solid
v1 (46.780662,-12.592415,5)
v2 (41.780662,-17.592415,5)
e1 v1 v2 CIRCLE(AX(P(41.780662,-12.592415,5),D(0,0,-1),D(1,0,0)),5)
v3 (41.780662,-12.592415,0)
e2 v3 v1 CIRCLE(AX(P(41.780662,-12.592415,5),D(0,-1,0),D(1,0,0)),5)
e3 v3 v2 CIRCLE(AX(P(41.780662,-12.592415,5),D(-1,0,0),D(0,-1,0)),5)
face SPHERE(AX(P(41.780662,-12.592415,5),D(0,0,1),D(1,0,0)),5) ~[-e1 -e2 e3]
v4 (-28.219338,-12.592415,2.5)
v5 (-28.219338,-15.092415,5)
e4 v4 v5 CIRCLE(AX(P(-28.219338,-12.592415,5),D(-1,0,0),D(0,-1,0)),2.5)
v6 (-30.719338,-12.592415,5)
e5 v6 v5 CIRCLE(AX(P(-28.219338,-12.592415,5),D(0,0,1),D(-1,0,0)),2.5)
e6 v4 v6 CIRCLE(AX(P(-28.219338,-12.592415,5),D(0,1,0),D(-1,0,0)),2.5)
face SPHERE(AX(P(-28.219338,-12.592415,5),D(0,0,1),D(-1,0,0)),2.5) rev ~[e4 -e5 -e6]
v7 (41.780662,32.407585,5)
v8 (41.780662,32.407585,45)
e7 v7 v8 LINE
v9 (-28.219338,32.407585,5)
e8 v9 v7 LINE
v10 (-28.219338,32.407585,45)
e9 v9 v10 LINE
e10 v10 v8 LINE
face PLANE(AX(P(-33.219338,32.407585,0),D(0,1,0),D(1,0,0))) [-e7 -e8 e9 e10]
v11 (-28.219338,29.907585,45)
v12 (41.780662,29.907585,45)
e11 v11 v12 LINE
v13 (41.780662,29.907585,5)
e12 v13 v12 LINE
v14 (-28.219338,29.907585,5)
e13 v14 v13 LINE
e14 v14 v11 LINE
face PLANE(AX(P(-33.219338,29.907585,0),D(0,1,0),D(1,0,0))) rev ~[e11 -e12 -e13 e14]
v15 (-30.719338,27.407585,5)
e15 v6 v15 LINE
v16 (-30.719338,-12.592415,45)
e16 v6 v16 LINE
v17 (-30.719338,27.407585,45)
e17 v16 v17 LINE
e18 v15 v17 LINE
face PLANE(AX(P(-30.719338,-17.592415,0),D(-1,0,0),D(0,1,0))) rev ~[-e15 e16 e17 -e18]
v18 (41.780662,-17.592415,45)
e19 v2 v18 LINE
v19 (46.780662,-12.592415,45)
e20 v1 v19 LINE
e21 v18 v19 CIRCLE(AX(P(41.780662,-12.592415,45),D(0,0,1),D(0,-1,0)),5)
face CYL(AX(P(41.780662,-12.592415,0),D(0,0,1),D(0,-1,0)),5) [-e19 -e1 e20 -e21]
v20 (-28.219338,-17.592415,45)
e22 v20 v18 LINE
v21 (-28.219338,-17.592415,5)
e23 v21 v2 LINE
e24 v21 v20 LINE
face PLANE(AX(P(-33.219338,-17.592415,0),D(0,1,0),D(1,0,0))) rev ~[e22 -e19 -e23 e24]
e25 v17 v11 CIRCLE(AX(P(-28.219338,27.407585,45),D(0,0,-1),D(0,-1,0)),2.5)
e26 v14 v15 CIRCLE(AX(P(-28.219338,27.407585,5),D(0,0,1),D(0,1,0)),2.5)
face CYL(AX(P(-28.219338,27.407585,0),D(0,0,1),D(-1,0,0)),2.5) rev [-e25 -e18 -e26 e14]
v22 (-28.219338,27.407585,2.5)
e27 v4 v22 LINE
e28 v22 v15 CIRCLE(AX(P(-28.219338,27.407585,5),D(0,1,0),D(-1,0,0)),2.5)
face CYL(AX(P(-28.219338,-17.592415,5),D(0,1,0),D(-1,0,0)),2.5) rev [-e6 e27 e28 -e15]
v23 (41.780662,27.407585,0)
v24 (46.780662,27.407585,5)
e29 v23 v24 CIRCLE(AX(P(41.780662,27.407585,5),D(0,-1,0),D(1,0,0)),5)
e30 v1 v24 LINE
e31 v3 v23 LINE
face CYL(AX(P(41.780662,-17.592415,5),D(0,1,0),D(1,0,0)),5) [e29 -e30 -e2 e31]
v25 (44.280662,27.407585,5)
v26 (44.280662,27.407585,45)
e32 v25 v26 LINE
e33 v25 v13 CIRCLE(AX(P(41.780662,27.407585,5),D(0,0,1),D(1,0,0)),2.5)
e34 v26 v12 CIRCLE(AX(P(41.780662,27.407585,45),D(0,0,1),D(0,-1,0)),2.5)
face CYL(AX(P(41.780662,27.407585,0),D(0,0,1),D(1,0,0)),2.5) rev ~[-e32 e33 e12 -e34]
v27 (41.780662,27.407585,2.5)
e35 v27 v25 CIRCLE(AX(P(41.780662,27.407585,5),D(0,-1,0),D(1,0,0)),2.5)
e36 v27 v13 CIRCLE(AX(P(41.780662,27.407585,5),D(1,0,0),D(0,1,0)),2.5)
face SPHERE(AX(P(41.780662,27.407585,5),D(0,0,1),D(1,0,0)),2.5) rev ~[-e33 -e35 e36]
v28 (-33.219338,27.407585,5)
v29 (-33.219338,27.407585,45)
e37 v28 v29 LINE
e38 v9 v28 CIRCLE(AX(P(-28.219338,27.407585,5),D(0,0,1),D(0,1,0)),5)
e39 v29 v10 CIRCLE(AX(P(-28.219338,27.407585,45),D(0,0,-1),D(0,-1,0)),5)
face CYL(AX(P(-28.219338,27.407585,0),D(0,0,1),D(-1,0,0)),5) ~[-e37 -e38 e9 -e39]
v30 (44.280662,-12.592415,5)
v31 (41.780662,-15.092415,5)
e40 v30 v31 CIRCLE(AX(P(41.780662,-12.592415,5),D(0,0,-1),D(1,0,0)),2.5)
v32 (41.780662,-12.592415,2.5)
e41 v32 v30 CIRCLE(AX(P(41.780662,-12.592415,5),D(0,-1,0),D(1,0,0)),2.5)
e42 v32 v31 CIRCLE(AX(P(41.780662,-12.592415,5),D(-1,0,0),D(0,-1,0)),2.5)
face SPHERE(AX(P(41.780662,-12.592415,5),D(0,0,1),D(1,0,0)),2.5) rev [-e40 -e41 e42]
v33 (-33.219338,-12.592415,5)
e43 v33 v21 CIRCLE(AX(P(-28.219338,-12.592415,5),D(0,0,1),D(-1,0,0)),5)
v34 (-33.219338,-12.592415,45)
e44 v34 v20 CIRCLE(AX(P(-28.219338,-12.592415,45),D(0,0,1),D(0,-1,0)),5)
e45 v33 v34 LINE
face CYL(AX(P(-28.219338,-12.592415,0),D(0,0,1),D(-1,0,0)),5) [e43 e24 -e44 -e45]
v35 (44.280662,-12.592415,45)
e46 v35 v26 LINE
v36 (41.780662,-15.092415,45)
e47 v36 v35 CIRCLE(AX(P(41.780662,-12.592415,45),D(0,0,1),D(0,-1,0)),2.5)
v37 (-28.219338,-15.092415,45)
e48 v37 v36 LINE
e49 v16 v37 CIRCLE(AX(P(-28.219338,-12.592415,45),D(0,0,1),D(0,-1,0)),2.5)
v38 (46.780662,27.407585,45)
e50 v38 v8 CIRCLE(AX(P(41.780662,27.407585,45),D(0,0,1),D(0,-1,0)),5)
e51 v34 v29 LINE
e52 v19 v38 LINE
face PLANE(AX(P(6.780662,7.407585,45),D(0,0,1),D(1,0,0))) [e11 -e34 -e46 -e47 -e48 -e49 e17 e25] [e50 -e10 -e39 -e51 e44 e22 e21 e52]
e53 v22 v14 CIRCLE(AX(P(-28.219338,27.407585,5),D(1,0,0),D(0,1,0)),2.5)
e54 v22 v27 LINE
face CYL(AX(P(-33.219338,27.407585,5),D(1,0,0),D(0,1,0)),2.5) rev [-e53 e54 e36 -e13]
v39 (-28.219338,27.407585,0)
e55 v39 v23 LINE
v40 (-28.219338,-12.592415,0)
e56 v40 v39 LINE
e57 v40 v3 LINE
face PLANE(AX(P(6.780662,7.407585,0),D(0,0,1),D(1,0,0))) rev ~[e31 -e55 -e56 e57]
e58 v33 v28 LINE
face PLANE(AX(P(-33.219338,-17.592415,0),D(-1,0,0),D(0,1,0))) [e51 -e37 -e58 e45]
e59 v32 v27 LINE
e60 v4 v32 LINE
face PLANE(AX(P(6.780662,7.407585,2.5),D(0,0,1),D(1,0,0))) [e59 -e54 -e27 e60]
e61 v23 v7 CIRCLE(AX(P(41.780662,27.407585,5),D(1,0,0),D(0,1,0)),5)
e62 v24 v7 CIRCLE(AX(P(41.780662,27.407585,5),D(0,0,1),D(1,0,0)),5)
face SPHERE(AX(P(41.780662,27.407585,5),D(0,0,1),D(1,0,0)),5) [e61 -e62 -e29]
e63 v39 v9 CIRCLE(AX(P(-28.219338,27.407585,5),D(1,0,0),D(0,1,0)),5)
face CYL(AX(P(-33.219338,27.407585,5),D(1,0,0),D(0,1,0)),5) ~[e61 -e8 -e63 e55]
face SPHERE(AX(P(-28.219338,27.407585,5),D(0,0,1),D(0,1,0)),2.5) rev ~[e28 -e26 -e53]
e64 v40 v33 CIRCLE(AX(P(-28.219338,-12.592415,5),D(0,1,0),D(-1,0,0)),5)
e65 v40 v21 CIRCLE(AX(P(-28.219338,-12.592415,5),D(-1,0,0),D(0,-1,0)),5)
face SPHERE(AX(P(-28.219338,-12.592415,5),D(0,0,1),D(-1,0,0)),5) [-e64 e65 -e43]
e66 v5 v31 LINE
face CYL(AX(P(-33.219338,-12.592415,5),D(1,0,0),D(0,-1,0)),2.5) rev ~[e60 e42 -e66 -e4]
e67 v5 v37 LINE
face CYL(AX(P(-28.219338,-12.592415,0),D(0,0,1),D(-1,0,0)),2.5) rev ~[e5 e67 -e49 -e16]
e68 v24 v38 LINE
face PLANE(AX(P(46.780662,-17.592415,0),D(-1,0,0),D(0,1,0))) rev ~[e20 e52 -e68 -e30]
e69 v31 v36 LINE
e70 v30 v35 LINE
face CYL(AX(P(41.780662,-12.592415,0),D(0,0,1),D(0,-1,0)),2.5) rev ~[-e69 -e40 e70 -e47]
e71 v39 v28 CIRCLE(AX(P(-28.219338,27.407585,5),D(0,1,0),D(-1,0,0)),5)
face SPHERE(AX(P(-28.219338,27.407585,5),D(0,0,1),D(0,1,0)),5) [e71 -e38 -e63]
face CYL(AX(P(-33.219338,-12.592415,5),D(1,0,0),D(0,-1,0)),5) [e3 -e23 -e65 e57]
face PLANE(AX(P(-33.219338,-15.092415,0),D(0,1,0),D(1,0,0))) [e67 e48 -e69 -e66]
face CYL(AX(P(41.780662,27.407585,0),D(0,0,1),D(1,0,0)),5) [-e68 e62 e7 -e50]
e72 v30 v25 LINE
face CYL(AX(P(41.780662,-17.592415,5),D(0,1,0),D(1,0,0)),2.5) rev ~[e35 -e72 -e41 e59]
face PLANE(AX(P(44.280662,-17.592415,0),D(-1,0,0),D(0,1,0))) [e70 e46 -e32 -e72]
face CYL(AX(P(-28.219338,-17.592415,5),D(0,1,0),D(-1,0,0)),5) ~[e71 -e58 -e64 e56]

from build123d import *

# Parameters (mm, degrees)
F0_W     = 80
F0_H     = 50
F1_DEPTH = 45
F2_R     = 5
F3_T     = -2.5


with BuildPart() as f1:
    # F0 (on Top) → F1 (new body)
    with BuildSketch(Plane.XY):
        with Locations((6.780662, 7.407585)):
            Rectangle(F0_W, F0_H)
    extrude(amount=F1_DEPTH)

    # F2
    f2_edges = [f1.edges().sort_by_distance(p)[0] for p in [
        (-33.219338, -17.592415, 22.5),
        (46.780662, -17.592415, 22.5),
        (46.780662, 32.407585, 22.5),
        (-33.219338, 32.407585, 22.5),
        (46.780662, 7.407585, 0),
        (6.780662, 32.407585, 0),
        (-33.219338, 7.407585, 0),
        (6.780662, -17.592415, 0),
    ]]
    fillet(f2_edges, radius=F2_R)

    # F3
    f3_openings = [f1.faces().sort_by_distance(p)[0] for p in [
        (6.780662, 7.407585, 45),
    ]]
    offset(amount=F3_T, openings=f3_openings)


solid = f1.part
